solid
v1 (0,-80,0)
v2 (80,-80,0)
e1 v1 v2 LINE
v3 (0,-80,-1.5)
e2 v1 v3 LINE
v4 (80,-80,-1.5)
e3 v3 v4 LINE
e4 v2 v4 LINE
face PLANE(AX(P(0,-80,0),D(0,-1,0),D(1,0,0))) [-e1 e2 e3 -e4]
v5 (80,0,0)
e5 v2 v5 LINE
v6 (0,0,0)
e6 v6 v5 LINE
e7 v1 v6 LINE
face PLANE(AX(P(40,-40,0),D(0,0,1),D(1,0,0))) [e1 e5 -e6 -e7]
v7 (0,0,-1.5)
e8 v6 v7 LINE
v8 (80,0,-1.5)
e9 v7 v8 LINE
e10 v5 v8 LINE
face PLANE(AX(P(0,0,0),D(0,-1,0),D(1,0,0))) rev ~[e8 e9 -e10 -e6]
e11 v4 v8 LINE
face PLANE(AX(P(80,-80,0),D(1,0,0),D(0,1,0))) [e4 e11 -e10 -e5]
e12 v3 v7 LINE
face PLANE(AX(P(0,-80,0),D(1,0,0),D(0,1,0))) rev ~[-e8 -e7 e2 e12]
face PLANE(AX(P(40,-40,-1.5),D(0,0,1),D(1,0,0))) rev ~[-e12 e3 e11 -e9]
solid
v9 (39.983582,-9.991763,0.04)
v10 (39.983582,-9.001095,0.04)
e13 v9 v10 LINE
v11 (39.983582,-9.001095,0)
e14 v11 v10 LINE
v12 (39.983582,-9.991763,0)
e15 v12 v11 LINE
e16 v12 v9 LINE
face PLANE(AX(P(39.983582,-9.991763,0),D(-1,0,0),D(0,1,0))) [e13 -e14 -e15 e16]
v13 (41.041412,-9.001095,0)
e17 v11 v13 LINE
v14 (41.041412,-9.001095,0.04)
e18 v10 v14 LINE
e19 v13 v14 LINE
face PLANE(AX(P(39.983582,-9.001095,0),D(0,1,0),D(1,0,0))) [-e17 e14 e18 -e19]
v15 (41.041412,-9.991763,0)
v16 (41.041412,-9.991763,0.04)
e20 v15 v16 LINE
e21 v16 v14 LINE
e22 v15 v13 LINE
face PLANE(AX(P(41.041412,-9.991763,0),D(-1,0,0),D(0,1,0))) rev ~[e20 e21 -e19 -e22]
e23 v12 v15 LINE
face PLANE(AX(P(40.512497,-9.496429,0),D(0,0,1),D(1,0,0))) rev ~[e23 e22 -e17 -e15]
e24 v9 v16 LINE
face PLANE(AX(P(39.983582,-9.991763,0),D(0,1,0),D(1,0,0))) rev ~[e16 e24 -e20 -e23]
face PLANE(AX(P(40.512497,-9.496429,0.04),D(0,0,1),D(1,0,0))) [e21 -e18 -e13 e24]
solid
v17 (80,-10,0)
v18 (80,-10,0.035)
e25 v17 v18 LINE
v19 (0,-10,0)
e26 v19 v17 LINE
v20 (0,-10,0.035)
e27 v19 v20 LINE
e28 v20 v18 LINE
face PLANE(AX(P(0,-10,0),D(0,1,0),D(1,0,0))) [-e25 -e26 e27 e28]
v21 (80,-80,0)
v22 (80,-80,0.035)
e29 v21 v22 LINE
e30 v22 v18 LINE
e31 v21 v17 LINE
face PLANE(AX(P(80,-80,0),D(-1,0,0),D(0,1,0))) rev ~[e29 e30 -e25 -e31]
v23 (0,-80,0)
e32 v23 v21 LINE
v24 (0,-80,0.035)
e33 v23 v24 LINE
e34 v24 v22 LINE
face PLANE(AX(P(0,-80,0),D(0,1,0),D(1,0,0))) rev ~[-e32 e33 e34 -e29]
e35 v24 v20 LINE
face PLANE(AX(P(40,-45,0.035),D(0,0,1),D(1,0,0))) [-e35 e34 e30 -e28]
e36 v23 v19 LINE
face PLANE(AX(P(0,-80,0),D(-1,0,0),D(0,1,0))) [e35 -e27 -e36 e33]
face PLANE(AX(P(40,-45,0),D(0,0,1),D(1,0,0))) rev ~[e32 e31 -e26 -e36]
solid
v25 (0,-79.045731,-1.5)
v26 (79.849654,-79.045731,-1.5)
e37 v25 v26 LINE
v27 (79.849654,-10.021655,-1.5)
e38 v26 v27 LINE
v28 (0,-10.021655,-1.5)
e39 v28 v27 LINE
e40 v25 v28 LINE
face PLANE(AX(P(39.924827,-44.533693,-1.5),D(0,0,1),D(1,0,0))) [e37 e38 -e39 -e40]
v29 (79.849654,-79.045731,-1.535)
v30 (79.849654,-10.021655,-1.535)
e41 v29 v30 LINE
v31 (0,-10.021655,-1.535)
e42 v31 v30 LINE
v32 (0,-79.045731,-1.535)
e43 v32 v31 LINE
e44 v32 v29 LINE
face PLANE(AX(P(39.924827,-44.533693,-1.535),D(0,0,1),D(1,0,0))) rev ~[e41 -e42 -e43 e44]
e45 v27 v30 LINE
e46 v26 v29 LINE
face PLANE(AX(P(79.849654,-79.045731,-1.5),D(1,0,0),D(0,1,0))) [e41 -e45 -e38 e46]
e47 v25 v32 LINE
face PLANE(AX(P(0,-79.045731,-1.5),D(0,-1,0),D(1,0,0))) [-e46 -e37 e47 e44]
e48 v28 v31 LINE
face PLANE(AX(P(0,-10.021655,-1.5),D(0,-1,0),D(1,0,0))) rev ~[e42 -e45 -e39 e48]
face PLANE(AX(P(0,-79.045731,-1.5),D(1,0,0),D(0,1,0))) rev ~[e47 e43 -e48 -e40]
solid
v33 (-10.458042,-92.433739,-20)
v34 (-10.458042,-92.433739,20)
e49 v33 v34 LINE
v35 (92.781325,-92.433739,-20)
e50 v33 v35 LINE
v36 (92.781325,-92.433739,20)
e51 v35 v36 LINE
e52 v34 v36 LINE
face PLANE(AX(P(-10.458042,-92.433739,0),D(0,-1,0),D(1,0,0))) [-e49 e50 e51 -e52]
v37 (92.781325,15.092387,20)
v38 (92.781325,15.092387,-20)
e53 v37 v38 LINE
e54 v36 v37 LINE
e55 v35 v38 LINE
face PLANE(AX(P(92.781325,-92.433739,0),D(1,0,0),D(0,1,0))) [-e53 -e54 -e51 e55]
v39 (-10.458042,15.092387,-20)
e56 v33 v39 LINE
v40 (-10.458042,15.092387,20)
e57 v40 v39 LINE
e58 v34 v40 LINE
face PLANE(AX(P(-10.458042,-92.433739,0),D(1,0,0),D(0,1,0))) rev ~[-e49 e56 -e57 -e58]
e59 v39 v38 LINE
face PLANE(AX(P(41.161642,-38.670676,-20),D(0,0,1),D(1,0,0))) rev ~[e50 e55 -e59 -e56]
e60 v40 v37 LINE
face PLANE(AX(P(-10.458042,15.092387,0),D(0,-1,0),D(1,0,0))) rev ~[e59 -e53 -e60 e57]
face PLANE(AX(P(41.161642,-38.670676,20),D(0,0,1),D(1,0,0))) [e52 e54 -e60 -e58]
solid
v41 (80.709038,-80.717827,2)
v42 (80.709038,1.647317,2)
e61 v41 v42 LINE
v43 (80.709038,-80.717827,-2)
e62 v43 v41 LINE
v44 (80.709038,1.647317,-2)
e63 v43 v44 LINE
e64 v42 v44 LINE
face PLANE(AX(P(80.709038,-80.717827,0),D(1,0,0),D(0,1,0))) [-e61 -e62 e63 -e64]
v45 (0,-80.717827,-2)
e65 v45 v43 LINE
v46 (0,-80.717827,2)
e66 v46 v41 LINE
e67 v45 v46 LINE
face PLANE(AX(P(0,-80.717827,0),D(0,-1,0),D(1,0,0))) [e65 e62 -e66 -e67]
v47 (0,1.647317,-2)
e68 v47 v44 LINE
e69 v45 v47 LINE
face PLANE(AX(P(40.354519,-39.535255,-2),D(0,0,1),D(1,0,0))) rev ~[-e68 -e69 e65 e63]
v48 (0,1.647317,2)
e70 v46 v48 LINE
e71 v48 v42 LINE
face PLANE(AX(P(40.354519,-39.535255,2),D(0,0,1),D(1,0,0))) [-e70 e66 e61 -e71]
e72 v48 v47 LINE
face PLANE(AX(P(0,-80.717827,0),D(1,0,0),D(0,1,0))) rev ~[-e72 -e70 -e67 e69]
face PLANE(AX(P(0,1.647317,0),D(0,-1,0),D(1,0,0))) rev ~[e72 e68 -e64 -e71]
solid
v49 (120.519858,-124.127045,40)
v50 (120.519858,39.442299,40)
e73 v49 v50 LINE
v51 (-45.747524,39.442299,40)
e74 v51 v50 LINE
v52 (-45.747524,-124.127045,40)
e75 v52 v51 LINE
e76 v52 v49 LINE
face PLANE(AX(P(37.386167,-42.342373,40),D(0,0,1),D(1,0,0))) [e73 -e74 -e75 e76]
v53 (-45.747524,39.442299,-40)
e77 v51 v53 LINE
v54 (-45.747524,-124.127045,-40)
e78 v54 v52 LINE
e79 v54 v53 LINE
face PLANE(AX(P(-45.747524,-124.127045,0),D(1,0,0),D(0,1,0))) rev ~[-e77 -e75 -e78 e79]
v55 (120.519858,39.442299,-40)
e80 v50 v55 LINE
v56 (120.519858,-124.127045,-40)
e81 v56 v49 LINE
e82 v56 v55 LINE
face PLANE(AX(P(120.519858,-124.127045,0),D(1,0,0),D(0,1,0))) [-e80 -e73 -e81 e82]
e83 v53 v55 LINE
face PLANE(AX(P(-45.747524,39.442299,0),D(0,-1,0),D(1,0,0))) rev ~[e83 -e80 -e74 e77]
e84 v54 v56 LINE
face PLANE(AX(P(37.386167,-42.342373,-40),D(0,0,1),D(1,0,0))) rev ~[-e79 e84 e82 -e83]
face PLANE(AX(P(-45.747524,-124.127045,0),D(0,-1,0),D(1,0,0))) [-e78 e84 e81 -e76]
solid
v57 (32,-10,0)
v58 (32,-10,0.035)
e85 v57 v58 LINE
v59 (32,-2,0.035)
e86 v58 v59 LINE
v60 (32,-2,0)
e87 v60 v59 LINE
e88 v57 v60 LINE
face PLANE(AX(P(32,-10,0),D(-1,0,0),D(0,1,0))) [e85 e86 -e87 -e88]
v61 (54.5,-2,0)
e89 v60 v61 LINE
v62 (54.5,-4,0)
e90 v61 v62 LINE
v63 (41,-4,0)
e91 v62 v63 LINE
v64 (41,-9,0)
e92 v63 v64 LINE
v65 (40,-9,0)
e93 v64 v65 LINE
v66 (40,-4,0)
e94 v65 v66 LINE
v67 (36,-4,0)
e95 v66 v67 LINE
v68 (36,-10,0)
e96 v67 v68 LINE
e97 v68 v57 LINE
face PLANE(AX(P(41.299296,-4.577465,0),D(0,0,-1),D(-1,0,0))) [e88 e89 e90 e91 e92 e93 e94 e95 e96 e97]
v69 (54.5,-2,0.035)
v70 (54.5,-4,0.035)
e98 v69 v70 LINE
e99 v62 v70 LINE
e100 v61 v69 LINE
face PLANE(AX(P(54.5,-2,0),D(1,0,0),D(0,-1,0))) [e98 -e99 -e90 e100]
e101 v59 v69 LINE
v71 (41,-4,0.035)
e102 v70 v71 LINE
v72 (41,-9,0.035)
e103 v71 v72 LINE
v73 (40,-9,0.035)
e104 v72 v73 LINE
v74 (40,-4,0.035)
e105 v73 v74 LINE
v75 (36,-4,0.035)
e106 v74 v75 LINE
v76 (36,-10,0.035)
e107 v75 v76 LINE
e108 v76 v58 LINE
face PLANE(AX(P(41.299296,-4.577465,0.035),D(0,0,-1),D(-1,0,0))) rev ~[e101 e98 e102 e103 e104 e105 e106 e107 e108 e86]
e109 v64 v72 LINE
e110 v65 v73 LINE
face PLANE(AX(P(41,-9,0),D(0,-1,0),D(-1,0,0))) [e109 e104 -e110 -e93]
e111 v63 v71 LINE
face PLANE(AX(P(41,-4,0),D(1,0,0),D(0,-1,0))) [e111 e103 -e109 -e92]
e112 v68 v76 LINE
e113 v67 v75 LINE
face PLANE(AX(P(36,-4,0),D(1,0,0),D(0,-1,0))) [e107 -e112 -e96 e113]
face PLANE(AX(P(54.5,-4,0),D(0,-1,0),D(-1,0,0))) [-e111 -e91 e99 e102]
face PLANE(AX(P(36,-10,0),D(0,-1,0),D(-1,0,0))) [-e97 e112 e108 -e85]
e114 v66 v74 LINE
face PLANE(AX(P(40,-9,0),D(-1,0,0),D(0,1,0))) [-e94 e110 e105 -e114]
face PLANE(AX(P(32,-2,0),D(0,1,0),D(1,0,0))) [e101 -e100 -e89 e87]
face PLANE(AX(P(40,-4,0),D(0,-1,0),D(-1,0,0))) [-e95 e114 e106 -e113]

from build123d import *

# Parameters (mm, degrees)
SKETCH_W         = 80
SKETCH_H         = 80
EXTRUDE_DEPTH    = 1.5
EXTRUDE001_DEPTH = 0.035
SKETCH003_W      = 1.05783
SKETCH003_H      = 0.990667
EXTRUDE002_DEPTH = 0.04
SKETCH002_W      = 80
SKETCH002_H      = 70
EXTRUDE003_DEPTH = 0.035
SKETCH006_W      = 103.239367
SKETCH006_H      = 107.526126
EXTRUDE006_DEPTH = 20
SKETCH007_W      = 79.849655
SKETCH007_H      = 69.024075
EXTRUDE007_DEPTH = 0.035
SKETCH009_W      = 166.267383
SKETCH009_H      = 163.569344
EXTRUDE008_DEPTH = 40
SKETCH010_W      = 80.709038
SKETCH010_H      = 82.365145
EXTRUDE009_DEPTH = 2


with BuildPart() as substrate:
    # Sketch → Extrude (new body)
    with BuildSketch(Plane.XY):
        with Locations((40, -40)):
            Rectangle(SKETCH_W, SKETCH_H)
    extrude(amount=-EXTRUDE_DEPTH)


with BuildPart() as antenna_patch:
    # Sketch001 → Extrude001 (new body)
    with BuildSketch(Plane.XY):
        Polygon((32, -2), (54.5, -2), (54.5, -4), (41, -4), (41, -9), (40, -9), (40, -4), (36, -4), (36, -10), (32, -10), align=None)
    extrude(amount=EXTRUDE001_DEPTH)


with BuildPart() as portin:
    # Sketch003 → Extrude002 (new body)
    with BuildSketch(Plane.XY):
        with Locations((40.512497, -9.496429)):
            Rectangle(SKETCH003_W, SKETCH003_H)
    extrude(amount=EXTRUDE002_DEPTH)


with BuildPart() as top_gnd_patch:
    # Sketch002 → Extrude003 (new body)
    with BuildSketch(Plane.XY):
        with Locations((40, -45)):
            Rectangle(SKETCH002_W, SKETCH002_H)
    extrude(amount=EXTRUDE003_DEPTH)


with BuildPart() as radiationbox:
    # Sketch006 → Extrude006 (new body, symmetric)
    with BuildSketch(Plane.XY):
        with Locations((41.161642, -38.670676)):
            Rectangle(SKETCH006_W, SKETCH006_H)
    extrude(amount=EXTRUDE006_DEPTH, both=True)


with BuildPart() as bottom_gnd_patch:
    # Sketch007 → Extrude007 (new body)
    with BuildSketch(Plane.XY.offset(-1.5)):
        with Locations((39.924827, -44.533693)):
            Rectangle(SKETCH007_W, SKETCH007_H)
    extrude(amount=-EXTRUDE007_DEPTH)


with BuildPart() as airbox:
    # Sketch009 → Extrude008 (new body, symmetric)
    with BuildSketch(Plane.XY):
        with Locations((37.386167, -42.342373)):
            Rectangle(SKETCH009_W, SKETCH009_H)
    extrude(amount=EXTRUDE008_DEPTH, both=True)


with BuildPart() as simulationmodelbox:
    # Sketch010 → Extrude009 (new body, symmetric)
    with BuildSketch(Plane.XY):
        with Locations((40.354519, -39.535255)):
            Rectangle(SKETCH010_W, SKETCH010_H)
    extrude(amount=EXTRUDE009_DEPTH, both=True)


solid = Compound([substrate.part, antenna_patch.part, portin.part, top_gnd_patch.part, radiationbox.part, bottom_gnd_patch.part, airbox.part, simulationmodelbox.part])
